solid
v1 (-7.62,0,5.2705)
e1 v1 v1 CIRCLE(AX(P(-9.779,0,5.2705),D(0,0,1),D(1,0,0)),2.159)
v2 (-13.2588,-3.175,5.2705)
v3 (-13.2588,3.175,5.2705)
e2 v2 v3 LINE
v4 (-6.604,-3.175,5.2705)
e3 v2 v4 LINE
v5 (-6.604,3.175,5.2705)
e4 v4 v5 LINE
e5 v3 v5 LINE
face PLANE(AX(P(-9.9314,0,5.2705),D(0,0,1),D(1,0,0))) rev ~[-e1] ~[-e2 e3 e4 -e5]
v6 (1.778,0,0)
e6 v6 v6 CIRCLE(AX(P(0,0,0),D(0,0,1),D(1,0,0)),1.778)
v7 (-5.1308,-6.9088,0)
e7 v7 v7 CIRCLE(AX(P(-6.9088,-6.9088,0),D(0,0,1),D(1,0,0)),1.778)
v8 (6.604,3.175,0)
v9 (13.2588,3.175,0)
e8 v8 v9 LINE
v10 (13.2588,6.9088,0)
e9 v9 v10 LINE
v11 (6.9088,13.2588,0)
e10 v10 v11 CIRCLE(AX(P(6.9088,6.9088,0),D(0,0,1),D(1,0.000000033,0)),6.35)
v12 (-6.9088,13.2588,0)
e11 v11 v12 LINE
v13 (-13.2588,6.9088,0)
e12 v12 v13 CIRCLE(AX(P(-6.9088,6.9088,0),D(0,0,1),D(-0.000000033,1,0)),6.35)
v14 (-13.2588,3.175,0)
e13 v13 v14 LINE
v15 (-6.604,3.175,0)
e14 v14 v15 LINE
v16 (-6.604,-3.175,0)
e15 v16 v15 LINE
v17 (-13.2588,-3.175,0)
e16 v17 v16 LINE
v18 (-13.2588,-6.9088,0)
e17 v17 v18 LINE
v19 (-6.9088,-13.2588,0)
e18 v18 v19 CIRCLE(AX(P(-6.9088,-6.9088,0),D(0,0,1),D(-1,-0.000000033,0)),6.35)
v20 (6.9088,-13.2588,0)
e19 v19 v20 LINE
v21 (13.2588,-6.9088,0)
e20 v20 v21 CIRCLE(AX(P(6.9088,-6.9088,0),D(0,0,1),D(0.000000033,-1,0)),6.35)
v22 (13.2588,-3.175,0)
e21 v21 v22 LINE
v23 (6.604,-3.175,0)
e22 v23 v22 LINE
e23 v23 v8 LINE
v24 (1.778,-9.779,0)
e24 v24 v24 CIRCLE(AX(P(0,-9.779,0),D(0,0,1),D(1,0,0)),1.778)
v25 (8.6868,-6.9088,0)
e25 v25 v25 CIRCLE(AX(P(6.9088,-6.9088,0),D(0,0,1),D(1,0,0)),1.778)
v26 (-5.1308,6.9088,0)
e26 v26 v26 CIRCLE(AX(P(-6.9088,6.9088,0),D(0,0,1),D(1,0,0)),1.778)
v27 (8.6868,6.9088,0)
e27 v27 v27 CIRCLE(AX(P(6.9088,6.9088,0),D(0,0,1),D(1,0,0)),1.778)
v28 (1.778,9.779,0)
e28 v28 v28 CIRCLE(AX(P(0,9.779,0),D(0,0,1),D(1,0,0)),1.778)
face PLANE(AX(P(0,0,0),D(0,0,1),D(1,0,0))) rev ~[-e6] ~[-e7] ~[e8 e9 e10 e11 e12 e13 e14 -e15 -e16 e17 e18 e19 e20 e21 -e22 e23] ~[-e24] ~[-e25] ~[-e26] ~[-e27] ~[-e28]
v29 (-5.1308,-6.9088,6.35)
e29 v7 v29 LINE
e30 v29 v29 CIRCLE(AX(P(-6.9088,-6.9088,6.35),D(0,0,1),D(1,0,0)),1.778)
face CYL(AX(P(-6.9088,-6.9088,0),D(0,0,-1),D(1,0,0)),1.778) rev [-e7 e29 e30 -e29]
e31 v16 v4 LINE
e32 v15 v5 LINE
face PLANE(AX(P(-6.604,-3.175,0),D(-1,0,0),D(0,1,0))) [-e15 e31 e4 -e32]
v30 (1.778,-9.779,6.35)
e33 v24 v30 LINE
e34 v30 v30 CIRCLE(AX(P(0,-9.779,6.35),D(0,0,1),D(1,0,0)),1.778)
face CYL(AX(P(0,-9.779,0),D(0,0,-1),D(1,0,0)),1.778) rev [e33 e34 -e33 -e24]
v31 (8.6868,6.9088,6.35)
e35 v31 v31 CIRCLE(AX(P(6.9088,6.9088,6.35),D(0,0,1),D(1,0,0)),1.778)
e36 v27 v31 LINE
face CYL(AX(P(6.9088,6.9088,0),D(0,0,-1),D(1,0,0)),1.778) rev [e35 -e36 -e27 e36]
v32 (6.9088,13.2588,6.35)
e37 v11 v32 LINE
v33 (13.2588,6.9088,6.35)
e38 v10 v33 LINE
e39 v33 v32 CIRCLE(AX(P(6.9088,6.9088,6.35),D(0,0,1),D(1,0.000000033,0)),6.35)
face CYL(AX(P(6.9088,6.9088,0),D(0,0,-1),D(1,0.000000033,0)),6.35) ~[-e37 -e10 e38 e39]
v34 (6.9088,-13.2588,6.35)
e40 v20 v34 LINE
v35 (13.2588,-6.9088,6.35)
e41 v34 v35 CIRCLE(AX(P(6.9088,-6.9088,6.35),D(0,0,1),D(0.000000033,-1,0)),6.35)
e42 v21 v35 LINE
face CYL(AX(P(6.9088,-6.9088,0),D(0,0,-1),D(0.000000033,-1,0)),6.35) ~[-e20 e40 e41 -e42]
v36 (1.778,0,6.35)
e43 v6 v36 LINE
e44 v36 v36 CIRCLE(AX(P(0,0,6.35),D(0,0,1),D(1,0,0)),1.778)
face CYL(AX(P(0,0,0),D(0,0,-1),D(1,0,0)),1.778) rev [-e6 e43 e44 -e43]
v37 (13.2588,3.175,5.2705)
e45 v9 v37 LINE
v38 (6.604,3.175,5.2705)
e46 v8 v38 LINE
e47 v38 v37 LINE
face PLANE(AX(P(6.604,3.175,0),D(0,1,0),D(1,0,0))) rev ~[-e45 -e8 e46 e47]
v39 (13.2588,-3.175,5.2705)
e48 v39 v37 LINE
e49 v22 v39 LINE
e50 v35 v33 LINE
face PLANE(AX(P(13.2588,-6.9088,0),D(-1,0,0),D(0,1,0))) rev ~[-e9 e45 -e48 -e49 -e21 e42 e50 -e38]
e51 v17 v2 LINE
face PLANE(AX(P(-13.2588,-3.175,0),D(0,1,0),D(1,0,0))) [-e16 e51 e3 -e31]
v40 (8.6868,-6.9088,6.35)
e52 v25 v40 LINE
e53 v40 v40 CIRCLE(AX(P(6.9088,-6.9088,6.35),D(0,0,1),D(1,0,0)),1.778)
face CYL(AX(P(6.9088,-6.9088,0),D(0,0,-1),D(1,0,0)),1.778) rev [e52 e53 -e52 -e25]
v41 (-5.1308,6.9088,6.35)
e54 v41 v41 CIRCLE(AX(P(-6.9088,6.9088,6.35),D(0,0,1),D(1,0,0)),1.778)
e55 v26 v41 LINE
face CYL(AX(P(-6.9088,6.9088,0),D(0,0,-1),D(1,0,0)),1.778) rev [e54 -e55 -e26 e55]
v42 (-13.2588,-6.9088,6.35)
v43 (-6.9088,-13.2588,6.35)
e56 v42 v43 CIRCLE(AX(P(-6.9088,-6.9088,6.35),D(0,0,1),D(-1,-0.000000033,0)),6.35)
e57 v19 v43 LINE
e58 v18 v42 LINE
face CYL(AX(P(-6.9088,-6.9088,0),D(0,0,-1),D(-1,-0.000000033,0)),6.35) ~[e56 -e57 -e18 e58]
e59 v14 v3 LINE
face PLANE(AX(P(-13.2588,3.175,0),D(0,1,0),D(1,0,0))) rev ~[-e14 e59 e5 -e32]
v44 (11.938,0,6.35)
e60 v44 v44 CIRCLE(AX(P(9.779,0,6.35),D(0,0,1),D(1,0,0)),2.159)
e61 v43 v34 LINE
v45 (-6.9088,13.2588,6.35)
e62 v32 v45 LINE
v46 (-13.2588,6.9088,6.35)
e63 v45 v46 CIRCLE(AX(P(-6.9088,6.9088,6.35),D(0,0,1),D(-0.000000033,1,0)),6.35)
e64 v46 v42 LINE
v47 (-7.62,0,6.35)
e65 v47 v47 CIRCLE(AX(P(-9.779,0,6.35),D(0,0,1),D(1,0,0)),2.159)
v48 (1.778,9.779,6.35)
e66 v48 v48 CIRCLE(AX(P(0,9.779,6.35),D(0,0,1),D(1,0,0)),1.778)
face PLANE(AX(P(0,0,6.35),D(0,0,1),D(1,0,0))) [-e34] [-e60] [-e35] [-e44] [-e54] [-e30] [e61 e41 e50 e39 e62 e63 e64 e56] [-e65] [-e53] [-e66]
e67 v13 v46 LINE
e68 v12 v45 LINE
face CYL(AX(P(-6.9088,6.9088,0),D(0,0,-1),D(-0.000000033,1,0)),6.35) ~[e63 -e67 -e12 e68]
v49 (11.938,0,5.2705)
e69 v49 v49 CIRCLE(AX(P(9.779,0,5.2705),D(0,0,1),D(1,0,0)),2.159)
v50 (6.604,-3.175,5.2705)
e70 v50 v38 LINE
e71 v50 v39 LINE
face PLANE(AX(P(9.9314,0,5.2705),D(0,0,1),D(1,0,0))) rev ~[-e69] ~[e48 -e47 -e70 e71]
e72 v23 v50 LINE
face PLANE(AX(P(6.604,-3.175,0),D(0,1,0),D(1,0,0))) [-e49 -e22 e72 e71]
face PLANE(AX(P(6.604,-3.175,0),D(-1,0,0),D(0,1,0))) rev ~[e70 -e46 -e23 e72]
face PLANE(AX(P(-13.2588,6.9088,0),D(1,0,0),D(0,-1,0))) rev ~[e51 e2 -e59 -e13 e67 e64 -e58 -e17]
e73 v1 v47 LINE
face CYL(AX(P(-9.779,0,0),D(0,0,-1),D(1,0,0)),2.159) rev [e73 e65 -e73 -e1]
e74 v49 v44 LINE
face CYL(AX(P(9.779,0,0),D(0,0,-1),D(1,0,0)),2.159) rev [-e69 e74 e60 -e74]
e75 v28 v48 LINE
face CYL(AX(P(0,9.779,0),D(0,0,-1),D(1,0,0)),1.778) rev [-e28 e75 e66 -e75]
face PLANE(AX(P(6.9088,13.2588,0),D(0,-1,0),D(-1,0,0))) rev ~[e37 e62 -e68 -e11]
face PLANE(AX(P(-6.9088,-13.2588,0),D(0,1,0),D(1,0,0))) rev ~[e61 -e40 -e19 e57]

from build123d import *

# Parameters (mm, degrees)
F0_R     = 1.778
F0_W     = 6.6548
F0_H     = 6.35
F0_R_2   = 2.159
F1_DEPTH = 6.35
F2_DEPTH = 5.2705


with BuildPart() as f1:
    # F0 (on Top) → F1 (new body)
    with BuildSketch(Plane.XY):
        with BuildLine():
            ThreePointArc((13.2588, 6.9088), (11.398928, 11.398928), (6.9088, 13.2588))
            Line((6.9088, 13.2588), (-6.9088, 13.2588))
            ThreePointArc((-6.9088, 13.2588), (-11.398928, 11.398928), (-13.2588, 6.9088))
            Line((-13.2588, 6.9088), (-13.2588, 3.175))
            Line((-13.2588, 3.175), (-6.604, 3.175))
            Line((-6.604, 3.175), (-6.604, -3.175))
            Line((-6.604, -3.175), (-13.2588, -3.175))
            Line((-13.2588, -3.175), (-13.2588, -6.9088))
            ThreePointArc((-13.2588, -6.9088), (-11.398928, -11.398928), (-6.9088, -13.2588))
            Line((-6.9088, -13.2588), (6.9088, -13.2588))
            ThreePointArc((6.9088, -13.2588), (11.398928, -11.398928), (13.2588, -6.9088))
            Line((13.2588, -6.9088), (13.2588, -3.175))
            Line((13.2588, -3.175), (6.604, -3.175))
            Line((6.604, -3.175), (6.604, 3.175))
            Line((6.604, 3.175), (13.2588, 3.175))
            Line((13.2588, 3.175), (13.2588, 6.9088))
        make_face()
        with Locations((-6.9088, -6.9088)):
            Circle(F0_R, mode=Mode.SUBTRACT)
        with Locations((0, -9.779)):
            Circle(F0_R, mode=Mode.SUBTRACT)
        Circle(F0_R, mode=Mode.SUBTRACT)
        with Locations((6.9088, -6.9088)):
            Circle(F0_R, mode=Mode.SUBTRACT)
        with Locations((-6.9088, 6.9088)):
            Circle(F0_R, mode=Mode.SUBTRACT)
        with Locations((0, 9.779)):
            Circle(F0_R, mode=Mode.SUBTRACT)
        with Locations((6.9088, 6.9088)):
            Circle(F0_R, mode=Mode.SUBTRACT)
        with Locations((9.9314, 0)):
            Rectangle(F0_W, F0_H)
        with Locations((9.779, 0)):
            Circle(F0_R_2, mode=Mode.SUBTRACT)
        with Locations((-9.9314, 0)):
            Rectangle(F0_W, F0_H)
        with Locations((-9.779, 0)):
            Circle(F0_R_2, mode=Mode.SUBTRACT)
    extrude(amount=F1_DEPTH)

    # F0 (on Top) → F2 (cut)
    with BuildSketch(Plane.XY):
        with Locations((-9.9314, 0)):
            Rectangle(F0_W, F0_H)
        with Locations((-9.779, 0)):
            Circle(F0_R_2, mode=Mode.SUBTRACT)
        with Locations((9.9314, 0)):
            Rectangle(F0_W, F0_H)
        with Locations((9.779, 0)):
            Circle(F0_R_2, mode=Mode.SUBTRACT)
    extrude(amount=F2_DEPTH, mode=Mode.SUBTRACT)


solid = f1.part
